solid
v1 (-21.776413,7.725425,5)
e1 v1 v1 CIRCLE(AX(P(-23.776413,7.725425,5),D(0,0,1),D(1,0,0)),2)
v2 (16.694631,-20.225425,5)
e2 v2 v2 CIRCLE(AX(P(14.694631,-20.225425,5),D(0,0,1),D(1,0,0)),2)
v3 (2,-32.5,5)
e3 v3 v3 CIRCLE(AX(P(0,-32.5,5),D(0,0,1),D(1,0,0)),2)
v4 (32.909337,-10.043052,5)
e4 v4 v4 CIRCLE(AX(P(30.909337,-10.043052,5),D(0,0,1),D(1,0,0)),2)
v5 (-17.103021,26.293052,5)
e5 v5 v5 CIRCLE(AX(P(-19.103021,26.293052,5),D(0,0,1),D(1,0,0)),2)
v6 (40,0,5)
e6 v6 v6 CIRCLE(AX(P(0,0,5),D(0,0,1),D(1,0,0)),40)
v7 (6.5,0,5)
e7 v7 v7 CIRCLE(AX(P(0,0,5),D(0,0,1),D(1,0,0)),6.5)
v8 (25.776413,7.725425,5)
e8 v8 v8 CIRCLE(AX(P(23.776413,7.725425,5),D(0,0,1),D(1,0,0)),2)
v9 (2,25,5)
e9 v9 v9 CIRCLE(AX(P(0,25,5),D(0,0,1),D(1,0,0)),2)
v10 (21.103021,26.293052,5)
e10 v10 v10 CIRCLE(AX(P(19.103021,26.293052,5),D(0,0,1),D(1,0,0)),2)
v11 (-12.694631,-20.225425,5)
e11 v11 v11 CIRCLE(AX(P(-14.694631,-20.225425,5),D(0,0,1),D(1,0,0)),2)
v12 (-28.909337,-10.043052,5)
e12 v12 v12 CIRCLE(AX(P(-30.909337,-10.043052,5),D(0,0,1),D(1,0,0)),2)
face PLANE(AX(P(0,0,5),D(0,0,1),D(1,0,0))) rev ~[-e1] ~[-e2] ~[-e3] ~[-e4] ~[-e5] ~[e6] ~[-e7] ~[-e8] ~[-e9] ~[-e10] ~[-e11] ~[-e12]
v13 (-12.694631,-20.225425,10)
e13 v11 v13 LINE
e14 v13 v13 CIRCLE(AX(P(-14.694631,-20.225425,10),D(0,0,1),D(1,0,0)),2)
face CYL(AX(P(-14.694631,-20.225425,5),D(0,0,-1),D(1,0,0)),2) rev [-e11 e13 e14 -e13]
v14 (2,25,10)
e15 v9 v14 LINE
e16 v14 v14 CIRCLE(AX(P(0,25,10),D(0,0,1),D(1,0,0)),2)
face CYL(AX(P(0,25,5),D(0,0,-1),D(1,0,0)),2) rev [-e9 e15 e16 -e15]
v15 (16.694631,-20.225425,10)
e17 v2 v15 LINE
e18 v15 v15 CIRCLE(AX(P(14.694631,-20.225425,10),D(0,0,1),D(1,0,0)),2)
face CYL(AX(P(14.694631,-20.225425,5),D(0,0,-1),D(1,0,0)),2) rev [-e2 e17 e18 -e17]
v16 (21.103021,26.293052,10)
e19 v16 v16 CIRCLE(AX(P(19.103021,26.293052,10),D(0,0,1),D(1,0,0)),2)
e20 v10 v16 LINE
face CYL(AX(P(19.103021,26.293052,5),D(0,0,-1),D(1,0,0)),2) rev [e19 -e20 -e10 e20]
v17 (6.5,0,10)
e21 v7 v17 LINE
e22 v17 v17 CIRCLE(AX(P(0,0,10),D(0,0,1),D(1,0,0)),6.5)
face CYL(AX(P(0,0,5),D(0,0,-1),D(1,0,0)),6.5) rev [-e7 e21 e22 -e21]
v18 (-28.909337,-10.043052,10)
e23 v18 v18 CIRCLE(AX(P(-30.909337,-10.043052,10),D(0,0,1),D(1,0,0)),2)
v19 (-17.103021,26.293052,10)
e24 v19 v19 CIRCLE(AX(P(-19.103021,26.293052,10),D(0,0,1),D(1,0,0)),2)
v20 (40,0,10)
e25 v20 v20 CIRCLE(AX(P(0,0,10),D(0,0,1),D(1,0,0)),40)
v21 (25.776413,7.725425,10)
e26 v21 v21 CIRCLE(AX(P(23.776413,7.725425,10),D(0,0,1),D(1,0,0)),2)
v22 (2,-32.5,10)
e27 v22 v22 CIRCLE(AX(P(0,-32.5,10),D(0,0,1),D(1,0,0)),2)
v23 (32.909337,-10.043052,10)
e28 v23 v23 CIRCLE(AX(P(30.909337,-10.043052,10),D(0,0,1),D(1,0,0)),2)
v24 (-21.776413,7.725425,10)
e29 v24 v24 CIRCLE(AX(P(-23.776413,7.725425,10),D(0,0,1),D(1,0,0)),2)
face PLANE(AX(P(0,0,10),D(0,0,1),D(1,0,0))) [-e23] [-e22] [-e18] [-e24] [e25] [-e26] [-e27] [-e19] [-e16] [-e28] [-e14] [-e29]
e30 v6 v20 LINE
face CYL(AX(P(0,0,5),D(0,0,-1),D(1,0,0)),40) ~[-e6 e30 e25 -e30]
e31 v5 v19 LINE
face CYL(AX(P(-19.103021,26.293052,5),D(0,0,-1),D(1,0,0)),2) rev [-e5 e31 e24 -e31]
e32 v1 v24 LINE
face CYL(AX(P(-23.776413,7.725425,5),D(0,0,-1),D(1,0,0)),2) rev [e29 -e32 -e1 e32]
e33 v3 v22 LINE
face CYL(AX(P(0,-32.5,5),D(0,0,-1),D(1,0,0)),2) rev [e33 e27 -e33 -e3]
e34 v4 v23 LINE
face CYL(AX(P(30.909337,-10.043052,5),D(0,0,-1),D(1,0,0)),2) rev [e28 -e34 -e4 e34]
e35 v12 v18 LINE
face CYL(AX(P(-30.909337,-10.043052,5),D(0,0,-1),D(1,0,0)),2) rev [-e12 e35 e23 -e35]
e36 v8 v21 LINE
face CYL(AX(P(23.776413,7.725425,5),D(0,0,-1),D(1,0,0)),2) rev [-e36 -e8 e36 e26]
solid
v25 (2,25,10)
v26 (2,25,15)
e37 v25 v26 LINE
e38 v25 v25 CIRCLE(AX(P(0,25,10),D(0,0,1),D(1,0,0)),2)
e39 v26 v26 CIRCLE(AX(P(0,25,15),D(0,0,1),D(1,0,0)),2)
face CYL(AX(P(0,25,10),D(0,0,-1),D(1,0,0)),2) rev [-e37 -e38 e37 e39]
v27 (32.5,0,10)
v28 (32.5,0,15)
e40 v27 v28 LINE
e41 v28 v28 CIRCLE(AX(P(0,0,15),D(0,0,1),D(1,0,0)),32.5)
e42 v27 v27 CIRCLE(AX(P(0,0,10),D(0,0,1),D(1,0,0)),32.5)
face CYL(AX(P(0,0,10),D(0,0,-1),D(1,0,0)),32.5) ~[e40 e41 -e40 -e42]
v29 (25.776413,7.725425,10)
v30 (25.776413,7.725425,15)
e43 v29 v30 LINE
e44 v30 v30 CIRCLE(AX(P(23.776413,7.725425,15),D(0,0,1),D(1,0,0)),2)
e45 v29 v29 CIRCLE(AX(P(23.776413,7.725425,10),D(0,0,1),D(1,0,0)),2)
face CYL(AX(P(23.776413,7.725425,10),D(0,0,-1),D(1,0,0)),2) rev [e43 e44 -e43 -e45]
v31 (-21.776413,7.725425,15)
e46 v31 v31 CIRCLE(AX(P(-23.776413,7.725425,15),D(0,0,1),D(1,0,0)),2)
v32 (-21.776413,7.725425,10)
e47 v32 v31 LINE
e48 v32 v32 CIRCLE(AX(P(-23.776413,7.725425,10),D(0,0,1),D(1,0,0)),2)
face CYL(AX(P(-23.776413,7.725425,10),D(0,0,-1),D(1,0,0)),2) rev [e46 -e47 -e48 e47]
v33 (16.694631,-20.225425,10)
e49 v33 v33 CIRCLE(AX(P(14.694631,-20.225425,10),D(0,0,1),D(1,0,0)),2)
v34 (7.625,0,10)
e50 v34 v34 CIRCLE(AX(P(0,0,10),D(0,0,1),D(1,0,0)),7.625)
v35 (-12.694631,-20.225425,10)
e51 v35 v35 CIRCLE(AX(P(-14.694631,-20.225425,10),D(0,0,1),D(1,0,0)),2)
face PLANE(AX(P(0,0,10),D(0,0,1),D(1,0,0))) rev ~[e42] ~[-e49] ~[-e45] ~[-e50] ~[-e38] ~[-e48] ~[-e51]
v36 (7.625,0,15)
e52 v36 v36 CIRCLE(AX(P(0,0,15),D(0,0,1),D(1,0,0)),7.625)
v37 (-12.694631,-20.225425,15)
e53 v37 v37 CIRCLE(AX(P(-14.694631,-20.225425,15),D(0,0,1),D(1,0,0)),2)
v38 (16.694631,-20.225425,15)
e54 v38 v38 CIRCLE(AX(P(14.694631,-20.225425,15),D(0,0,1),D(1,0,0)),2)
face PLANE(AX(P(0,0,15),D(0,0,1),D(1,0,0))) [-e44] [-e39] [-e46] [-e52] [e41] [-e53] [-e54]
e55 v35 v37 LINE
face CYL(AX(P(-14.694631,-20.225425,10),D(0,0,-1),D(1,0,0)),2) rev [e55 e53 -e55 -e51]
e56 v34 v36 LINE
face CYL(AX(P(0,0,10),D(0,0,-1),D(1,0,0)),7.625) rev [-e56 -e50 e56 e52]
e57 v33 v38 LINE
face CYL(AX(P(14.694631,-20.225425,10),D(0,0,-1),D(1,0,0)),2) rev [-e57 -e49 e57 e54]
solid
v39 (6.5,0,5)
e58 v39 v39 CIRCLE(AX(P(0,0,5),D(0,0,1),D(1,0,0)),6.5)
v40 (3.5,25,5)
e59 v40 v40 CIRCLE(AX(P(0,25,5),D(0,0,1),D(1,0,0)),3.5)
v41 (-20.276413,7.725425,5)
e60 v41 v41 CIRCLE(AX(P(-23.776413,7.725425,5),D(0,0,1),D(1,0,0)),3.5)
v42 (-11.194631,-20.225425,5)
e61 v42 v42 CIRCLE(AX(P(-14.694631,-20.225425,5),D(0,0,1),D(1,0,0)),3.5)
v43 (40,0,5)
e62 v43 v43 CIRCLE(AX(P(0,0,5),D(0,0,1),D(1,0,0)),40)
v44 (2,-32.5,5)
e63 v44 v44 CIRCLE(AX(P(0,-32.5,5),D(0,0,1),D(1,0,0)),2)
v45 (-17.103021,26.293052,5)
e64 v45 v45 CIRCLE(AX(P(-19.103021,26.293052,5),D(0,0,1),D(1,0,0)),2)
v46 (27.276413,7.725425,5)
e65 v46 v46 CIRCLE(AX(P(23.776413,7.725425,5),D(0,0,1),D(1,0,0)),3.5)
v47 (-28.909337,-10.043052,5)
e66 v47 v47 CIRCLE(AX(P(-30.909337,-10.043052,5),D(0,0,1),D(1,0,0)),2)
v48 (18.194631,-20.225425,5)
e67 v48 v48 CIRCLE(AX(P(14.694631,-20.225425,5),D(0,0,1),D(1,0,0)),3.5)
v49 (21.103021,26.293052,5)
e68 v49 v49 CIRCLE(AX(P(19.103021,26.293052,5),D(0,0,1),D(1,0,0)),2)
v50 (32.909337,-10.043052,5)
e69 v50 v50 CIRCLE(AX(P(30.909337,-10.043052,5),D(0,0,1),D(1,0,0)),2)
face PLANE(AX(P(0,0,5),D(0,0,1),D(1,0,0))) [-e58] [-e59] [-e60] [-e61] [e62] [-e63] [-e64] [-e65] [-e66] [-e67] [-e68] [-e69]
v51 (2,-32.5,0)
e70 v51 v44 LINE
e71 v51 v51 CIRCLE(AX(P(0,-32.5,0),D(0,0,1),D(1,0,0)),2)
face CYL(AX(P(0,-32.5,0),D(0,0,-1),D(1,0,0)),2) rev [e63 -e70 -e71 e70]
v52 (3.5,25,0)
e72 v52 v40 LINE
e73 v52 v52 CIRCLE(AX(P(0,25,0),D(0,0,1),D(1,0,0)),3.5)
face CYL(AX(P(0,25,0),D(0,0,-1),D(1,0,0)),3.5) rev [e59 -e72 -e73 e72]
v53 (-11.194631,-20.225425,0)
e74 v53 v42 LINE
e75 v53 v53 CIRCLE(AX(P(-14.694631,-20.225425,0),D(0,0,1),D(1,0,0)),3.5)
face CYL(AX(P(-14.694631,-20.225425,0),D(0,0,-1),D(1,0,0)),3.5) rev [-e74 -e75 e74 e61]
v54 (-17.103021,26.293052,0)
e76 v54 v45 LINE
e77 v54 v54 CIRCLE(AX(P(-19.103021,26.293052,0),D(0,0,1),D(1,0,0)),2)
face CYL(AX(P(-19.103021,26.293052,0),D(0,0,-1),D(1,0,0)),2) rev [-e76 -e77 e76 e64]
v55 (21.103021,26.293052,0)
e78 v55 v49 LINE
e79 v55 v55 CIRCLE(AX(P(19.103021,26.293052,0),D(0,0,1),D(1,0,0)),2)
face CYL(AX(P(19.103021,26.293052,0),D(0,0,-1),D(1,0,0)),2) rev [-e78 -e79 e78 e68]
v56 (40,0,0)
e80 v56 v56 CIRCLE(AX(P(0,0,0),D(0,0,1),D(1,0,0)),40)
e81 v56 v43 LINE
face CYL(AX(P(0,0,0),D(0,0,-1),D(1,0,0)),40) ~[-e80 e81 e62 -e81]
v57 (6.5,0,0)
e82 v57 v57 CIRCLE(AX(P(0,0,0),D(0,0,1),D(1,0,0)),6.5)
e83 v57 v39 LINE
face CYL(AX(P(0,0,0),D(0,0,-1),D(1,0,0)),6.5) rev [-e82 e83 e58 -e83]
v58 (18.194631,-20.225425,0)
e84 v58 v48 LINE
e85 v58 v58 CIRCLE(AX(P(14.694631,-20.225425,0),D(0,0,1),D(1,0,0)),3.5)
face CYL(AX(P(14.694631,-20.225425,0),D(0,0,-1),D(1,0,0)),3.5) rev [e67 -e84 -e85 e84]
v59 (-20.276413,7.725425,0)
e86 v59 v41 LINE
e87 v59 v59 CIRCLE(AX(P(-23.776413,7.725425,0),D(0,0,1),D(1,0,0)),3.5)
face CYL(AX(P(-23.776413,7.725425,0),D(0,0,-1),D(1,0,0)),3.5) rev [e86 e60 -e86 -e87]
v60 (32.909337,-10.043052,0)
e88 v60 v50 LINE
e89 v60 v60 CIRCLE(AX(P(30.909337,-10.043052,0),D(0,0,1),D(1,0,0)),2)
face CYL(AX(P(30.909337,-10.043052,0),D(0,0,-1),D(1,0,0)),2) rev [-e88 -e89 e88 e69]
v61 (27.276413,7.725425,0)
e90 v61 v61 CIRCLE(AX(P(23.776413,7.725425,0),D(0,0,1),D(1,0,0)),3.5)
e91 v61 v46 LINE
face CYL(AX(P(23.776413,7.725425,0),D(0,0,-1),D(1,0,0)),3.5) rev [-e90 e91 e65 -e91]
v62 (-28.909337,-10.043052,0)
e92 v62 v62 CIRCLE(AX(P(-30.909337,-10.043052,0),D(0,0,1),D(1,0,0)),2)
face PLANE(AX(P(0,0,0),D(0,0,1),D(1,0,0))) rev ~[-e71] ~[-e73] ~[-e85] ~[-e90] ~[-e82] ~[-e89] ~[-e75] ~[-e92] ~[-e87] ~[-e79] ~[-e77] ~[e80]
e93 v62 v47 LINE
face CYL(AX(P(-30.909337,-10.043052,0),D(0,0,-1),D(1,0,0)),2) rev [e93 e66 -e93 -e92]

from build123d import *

# Parameters (mm, degrees)
F0_R     = 40
F0_R_2   = 3.5
F0_R_3   = 2
F0_R_4   = 6.5
F1_DEPTH = 5
F2_R     = 40
F2_R_2   = 2
F2_R_3   = 6.5
F3_DEPTH = 5
F4_R     = 32.5
F4_R_2   = 2
F4_R_3   = 7.625
F5_DEPTH = 5


with BuildPart() as f1:
    # F0 (on Top) → F1 (new body)
    with BuildSketch(Plane.XY):
        Circle(F0_R)
        with Locations((-14.694631, -20.225425)):
            Circle(F0_R_2, mode=Mode.SUBTRACT)
        with Locations((-30.909337, -10.043052)):
            Circle(F0_R_3, mode=Mode.SUBTRACT)
        with Locations((0, -32.5)):
            Circle(F0_R_3, mode=Mode.SUBTRACT)
        with Locations((14.694631, -20.225425)):
            Circle(F0_R_2, mode=Mode.SUBTRACT)
        with Locations((30.909337, -10.043052)):
            Circle(F0_R_3, mode=Mode.SUBTRACT)
        with Locations((-23.776413, 7.725425)):
            Circle(F0_R_2, mode=Mode.SUBTRACT)
        with Locations((-19.103021, 26.293052)):
            Circle(F0_R_3, mode=Mode.SUBTRACT)
        Circle(F0_R_4, mode=Mode.SUBTRACT)
        with Locations((23.776413, 7.725425)):
            Circle(F0_R_2, mode=Mode.SUBTRACT)
        with Locations((0, 25)):
            Circle(F0_R_2, mode=Mode.SUBTRACT)
        with Locations((19.103021, 26.293052)):
            Circle(F0_R_3, mode=Mode.SUBTRACT)
    extrude(amount=F1_DEPTH)


with BuildPart() as f3:
    # F2 (on face) → F3 (new body)
    with BuildSketch(Plane.XY.offset(5)):
        Circle(F2_R)
        with Locations((-14.694631, -20.225425)):
            Circle(F2_R_2, mode=Mode.SUBTRACT)
        with Locations((-30.909337, -10.043052)):
            Circle(F2_R_2, mode=Mode.SUBTRACT)
        with Locations((0, -32.5)):
            Circle(F2_R_2, mode=Mode.SUBTRACT)
        with Locations((14.694631, -20.225425)):
            Circle(F2_R_2, mode=Mode.SUBTRACT)
        with Locations((30.909337, -10.043052)):
            Circle(F2_R_2, mode=Mode.SUBTRACT)
        with Locations((-23.776413, 7.725425)):
            Circle(F2_R_2, mode=Mode.SUBTRACT)
        with Locations((-19.103021, 26.293052)):
            Circle(F2_R_2, mode=Mode.SUBTRACT)
        Circle(F2_R_3, mode=Mode.SUBTRACT)
        with Locations((23.776413, 7.725425)):
            Circle(F2_R_2, mode=Mode.SUBTRACT)
        with Locations((0, 25)):
            Circle(F2_R_2, mode=Mode.SUBTRACT)
        with Locations((19.103021, 26.293052)):
            Circle(F2_R_2, mode=Mode.SUBTRACT)
    extrude(amount=F3_DEPTH)


with BuildPart() as f5:
    # F4 (on face) → F5 (new body)
    with BuildSketch(Plane.XY.offset(10)):
        Circle(F4_R)
        with Locations((-14.694631, -20.225425)):
            Circle(F4_R_2, mode=Mode.SUBTRACT)
        with Locations((14.694631, -20.225425)):
            Circle(F4_R_2, mode=Mode.SUBTRACT)
        with Locations((-23.776413, 7.725425)):
            Circle(F4_R_2, mode=Mode.SUBTRACT)
        Circle(F4_R_3, mode=Mode.SUBTRACT)
        with Locations((23.776413, 7.725425)):
            Circle(F4_R_2, mode=Mode.SUBTRACT)
        with Locations((0, 25)):
            Circle(F4_R_2, mode=Mode.SUBTRACT)
    extrude(amount=F5_DEPTH)


solid = Compound([f1.part, f3.part, f5.part])
